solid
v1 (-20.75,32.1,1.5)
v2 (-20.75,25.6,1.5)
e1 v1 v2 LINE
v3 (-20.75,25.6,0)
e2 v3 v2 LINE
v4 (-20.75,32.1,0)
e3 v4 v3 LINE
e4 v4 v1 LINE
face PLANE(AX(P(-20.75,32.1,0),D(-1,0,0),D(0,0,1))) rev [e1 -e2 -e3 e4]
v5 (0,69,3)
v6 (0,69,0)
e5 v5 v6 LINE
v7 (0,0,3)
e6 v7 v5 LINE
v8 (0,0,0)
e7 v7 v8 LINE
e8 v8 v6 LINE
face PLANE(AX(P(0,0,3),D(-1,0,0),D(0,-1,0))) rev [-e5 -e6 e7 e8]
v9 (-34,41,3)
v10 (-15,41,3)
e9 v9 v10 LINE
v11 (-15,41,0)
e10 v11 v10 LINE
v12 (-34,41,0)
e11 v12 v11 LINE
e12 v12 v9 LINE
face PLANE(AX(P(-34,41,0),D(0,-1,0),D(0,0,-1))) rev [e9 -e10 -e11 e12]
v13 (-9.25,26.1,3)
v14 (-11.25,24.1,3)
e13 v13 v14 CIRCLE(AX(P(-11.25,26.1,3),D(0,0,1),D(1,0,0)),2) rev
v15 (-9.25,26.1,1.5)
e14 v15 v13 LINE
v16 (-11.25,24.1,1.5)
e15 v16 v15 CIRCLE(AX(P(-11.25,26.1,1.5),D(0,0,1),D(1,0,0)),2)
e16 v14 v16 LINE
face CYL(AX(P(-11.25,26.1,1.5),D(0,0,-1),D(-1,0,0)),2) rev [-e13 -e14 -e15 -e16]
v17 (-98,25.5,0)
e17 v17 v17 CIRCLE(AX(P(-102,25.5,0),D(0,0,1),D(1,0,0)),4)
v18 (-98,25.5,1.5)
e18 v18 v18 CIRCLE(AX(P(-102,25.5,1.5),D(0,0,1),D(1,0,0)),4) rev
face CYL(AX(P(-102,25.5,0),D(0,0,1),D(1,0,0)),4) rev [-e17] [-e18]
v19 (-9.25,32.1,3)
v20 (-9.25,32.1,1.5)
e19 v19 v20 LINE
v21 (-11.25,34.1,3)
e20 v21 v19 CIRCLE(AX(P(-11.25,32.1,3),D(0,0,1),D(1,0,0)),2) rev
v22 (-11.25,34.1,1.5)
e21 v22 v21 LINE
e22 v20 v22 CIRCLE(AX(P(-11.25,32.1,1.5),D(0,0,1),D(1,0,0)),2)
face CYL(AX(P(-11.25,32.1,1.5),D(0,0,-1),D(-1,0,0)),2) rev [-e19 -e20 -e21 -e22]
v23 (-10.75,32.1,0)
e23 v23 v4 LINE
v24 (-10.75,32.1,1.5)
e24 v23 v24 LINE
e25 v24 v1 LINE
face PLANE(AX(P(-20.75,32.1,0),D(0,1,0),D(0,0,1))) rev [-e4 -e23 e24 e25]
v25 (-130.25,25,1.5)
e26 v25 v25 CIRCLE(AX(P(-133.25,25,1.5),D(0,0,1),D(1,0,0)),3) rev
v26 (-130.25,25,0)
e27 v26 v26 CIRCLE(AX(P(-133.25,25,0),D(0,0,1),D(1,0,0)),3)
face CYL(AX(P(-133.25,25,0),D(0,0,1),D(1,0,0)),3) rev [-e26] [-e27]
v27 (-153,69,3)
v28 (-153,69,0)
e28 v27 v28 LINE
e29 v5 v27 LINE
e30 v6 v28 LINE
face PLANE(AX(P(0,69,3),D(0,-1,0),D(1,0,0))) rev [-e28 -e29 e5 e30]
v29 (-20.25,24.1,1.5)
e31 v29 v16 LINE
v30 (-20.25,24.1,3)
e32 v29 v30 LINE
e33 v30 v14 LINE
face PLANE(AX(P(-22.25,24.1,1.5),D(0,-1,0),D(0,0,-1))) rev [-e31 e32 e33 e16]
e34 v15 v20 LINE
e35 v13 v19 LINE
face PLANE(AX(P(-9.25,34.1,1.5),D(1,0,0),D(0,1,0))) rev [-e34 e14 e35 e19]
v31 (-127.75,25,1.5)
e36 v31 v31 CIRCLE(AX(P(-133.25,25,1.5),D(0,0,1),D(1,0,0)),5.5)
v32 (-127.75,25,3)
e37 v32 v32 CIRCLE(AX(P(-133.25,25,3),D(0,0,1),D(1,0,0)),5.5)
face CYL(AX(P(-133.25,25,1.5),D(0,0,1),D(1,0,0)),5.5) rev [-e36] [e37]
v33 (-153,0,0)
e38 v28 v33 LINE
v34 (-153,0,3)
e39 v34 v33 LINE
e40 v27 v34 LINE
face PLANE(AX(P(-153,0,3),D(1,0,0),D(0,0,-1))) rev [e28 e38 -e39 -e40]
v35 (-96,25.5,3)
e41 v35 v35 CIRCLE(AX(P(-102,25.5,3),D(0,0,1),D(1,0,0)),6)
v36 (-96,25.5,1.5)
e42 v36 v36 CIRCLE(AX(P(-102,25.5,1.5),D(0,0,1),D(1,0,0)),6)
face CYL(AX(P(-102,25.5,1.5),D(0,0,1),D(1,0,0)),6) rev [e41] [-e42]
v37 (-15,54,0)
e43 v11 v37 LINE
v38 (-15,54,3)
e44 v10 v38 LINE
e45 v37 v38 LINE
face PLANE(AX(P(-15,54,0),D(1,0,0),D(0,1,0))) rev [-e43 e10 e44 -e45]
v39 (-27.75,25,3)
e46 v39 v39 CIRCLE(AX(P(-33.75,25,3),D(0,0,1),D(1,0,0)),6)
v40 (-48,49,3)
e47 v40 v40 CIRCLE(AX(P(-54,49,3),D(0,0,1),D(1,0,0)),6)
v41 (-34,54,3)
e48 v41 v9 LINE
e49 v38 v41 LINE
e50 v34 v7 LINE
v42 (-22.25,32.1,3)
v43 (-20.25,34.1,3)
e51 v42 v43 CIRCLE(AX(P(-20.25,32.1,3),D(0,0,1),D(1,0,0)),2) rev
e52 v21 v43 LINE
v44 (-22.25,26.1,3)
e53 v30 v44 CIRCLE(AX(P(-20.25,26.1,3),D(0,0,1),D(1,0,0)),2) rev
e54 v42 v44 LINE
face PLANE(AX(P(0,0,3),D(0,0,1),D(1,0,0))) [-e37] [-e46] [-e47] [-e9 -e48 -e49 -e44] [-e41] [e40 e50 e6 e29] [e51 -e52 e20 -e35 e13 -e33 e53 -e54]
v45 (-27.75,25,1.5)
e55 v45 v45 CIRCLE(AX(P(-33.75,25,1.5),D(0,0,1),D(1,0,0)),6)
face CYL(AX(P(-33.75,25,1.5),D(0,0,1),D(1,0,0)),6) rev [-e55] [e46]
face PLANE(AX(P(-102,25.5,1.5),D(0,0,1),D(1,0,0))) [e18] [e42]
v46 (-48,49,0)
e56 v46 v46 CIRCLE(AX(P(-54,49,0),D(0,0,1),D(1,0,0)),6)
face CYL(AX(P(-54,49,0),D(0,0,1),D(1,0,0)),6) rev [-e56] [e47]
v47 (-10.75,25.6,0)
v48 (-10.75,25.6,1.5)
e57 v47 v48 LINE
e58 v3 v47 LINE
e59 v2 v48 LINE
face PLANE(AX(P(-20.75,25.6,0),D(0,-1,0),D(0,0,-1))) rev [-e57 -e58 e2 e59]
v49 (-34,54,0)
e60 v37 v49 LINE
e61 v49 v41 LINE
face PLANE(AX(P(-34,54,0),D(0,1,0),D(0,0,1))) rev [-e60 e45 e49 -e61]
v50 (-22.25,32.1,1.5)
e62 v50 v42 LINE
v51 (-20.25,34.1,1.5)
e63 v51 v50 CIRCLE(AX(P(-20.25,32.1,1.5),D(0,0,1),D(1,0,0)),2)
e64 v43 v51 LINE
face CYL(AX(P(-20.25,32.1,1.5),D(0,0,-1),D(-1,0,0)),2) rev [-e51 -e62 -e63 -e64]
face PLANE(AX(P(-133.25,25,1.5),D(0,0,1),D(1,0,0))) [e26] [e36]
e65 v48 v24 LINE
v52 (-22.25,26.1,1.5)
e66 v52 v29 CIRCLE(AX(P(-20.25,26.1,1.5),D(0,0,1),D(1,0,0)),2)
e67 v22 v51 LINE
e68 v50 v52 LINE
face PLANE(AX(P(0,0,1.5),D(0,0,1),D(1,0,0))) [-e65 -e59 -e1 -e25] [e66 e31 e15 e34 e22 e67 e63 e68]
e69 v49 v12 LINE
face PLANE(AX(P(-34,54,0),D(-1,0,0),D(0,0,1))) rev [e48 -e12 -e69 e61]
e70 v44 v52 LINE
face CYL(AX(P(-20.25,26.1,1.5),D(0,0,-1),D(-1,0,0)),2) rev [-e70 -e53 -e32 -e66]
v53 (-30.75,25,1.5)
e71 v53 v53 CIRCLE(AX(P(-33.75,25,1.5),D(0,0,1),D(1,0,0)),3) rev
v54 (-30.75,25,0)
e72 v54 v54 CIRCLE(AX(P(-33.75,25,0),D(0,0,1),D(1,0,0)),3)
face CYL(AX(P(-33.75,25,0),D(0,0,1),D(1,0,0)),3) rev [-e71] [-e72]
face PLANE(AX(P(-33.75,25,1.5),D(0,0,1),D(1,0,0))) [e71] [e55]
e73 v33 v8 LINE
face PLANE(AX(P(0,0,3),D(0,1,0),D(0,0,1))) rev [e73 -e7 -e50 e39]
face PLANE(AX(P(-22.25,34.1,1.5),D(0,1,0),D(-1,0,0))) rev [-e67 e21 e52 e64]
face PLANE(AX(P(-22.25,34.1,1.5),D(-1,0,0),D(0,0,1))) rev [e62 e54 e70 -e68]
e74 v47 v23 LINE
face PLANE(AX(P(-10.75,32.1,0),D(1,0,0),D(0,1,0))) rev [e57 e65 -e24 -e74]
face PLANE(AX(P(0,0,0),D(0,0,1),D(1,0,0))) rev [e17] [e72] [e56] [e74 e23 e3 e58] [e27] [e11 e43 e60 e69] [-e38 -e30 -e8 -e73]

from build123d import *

# Parameters (mm, degrees)
IZIM1_W                     = 153
IZIM1_H                     = 69
Y_KSEKLIK_EKSTR_ZYON1_DEPTH = 3
IZIM2_R                     = 3
IZIM2_R_2                   = 4
IZIM2_R_3                   = 6
IZIM2_W                     = 19
IZIM2_H                     = 13
KES_EKSTR_ZYON1_DEPTH       = 3
IZIM4_R                     = 5.5
IZIM4_R_2                   = 6
KES_EKSTR_ZYON2_DEPTH       = 1.5
IZIM5_W                     = 13
IZIM5_H                     = 10
KES_EKSTR_ZYON4_DEPTH       = 1.5
IZIM7_W                     = 10
IZIM7_H                     = 6.5
KES_EKSTR_ZYON5_DEPTH       = 1.5
RADYUS1_R                   = 2


with BuildPart() as part:
    # Çizim1 → Yükseklik-Ekstrüzyon1 (new body)
    with BuildSketch(Plane.XY):
        with Locations((-76.5, 34.5)):
            Rectangle(IZIM1_W, IZIM1_H)
    extrude(amount=Y_KSEKLIK_EKSTR_ZYON1_DEPTH)

    # Çizim2 → Kes-Ekstrüzyon1 (cut)
    with BuildSketch(Plane.XY.offset(3)):
        with Locations((-133.25, 25)):
            Circle(IZIM2_R)
        with Locations((-102, 25.5)):
            Circle(IZIM2_R_2)
        with Locations((-33.75, 25)):
            Circle(IZIM2_R)
        with Locations((-54, 49)):
            Circle(IZIM2_R_3)
        with Locations((-24.5, 47.5)):
            Rectangle(IZIM2_W, IZIM2_H)
    extrude(amount=-KES_EKSTR_ZYON1_DEPTH, mode=Mode.SUBTRACT)

    # Çizim4 → Kes-Ekstrüzyon2 (cut)
    with BuildSketch(Plane.XY.offset(3)):
        with Locations((-133.25, 25)):
            Circle(IZIM4_R)
        with Locations((-102, 25.5)):
            Circle(IZIM4_R_2)
        with Locations((-33.75, 25)):
            Circle(IZIM4_R_2)
    extrude(amount=-KES_EKSTR_ZYON2_DEPTH, mode=Mode.SUBTRACT)

    # Çizim5 → Kes-Ekstrüzyon4 (cut)
    with BuildSketch(Plane.XY.offset(3)):
        with Locations((-15.75, 29.1)):
            Rectangle(IZIM5_W, IZIM5_H)
    extrude(amount=-KES_EKSTR_ZYON4_DEPTH, mode=Mode.SUBTRACT)

    # Çizim7 → Kes-Ekstrüzyon5 (cut)
    with BuildSketch(Plane.XY.offset(1.5)):
        with Locations((-15.75, 28.85)):
            Rectangle(IZIM7_W, IZIM7_H)
    extrude(amount=-KES_EKSTR_ZYON5_DEPTH, mode=Mode.SUBTRACT)

    # Radyus1
    radyus1_edges = [part.edges().sort_by_distance(p)[0] for p in [
        (-22.25, 24.1, 2.25),
        (-22.25, 34.1, 2.25),
        (-9.25, 34.1, 2.25),
        (-9.25, 24.1, 2.25),
    ]]
    fillet(radyus1_edges, radius=RADYUS1_R)


solid = part.part
